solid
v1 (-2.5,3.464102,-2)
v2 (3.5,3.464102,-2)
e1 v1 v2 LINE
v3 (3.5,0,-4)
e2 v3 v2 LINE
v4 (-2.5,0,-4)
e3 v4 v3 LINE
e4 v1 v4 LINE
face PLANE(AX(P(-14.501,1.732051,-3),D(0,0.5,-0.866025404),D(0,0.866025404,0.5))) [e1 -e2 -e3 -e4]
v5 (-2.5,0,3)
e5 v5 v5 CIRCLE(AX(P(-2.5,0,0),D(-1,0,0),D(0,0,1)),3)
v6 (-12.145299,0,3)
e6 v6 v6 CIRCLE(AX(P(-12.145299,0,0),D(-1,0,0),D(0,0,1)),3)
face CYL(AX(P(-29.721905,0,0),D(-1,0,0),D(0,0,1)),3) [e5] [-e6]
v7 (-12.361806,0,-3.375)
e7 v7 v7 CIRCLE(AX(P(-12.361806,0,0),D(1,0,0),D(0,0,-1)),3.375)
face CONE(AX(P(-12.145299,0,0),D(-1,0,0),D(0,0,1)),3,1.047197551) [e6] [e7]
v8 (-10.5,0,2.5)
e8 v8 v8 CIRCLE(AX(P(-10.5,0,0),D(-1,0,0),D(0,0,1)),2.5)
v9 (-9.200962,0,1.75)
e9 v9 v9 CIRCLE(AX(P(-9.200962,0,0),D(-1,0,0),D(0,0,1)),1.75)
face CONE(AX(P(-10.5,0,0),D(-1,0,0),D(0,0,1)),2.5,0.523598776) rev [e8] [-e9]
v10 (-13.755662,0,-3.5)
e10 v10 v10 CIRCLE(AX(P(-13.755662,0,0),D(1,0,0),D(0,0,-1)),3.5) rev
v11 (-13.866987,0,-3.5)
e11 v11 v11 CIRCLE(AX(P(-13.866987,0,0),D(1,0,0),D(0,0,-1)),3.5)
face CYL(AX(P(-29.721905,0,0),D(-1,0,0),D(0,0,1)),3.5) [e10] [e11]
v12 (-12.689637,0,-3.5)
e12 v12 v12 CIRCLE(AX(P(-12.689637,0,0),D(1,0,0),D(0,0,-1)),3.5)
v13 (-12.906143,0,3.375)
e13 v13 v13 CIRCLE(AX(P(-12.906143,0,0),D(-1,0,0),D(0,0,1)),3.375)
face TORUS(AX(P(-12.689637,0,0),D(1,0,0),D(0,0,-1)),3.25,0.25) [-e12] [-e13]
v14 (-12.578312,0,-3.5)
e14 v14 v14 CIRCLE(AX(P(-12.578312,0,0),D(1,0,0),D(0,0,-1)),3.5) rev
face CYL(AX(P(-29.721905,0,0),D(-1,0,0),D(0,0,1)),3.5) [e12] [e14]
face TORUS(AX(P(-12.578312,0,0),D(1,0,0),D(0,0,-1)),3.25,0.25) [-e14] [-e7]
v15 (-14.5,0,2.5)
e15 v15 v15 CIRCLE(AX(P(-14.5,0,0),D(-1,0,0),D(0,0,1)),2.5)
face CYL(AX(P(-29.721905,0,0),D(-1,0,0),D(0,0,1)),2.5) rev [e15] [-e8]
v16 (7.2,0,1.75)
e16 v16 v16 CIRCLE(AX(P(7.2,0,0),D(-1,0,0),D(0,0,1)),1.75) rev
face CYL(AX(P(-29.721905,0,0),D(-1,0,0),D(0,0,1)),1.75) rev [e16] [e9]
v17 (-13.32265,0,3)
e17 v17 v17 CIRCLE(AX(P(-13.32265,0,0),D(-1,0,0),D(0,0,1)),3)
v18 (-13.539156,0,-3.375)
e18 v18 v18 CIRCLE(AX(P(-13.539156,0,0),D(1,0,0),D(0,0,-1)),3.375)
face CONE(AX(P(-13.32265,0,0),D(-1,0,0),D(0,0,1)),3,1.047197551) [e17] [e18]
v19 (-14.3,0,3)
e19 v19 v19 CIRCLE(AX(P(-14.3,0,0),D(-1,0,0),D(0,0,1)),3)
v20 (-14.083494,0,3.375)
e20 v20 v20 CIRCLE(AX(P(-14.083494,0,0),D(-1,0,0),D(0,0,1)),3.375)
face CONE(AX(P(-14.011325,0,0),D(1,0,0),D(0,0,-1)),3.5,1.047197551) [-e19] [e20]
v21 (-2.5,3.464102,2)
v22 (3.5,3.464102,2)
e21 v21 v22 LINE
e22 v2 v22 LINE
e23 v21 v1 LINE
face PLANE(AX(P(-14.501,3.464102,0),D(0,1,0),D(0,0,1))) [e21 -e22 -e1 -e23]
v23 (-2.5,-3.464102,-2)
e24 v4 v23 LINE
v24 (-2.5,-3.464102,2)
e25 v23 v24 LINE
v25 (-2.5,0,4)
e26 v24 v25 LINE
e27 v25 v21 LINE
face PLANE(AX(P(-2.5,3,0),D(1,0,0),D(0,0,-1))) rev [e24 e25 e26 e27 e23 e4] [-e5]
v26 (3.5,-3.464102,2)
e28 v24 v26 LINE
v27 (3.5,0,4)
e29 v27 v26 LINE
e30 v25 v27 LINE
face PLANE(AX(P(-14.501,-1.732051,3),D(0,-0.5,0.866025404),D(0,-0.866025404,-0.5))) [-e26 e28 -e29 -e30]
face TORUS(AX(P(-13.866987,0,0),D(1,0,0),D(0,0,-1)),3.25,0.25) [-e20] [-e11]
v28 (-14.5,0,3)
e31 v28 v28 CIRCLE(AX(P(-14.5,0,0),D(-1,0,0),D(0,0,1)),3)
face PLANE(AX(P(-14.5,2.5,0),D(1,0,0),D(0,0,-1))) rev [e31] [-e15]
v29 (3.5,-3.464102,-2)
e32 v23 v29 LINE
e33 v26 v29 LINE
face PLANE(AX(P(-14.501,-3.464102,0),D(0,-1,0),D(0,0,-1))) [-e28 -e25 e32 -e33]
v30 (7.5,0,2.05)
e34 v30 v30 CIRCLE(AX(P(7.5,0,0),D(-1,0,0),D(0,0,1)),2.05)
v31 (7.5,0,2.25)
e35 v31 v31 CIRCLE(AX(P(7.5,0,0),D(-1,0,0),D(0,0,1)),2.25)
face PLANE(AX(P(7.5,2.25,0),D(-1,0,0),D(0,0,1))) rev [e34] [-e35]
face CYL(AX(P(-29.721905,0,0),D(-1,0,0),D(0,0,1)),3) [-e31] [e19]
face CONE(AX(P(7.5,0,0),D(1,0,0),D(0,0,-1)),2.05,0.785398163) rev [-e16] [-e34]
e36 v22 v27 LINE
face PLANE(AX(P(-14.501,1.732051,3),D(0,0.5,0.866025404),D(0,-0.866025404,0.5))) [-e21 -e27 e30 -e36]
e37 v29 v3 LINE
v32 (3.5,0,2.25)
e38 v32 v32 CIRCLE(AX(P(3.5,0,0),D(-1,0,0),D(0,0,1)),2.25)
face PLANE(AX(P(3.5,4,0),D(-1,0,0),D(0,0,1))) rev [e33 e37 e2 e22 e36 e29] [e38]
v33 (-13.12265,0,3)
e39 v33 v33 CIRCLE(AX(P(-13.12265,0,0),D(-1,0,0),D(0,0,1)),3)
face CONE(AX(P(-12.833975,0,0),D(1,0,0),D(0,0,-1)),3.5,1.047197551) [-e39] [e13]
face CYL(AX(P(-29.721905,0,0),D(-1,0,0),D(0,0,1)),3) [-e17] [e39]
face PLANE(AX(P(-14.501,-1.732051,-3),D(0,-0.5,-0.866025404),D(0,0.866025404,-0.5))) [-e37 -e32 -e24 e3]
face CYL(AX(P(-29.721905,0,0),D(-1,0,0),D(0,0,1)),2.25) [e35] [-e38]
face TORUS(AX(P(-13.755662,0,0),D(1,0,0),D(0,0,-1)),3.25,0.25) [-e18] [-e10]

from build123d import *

# Parameters (mm, degrees)
CORTE_EXTRUS_O1_REACH = 20
FILETE1_R             = 0.25
FILETE2_R             = 0.25
CHANFRO1_SIZE         = 0.3


with BuildPart() as part:
    # Esboço1 → Revolução1 (revolve)
    with BuildSketch(Plane.XY):
        Polygon((-13.322649731, 3), (-13.122649731, 3), (-12.833974596, 3.5), (-12.433974596, 3.5), (-12.145299462, 3), (-2.5, 3), (-2.5, 4), (3.5, 4), (3.5, 2.25), (7.5, 2.25), (7.5, 1.75), (-9.200961894, 1.75), (-10.5, 2.5), (-14.5, 2.5), (-14.5, 3), (-14.3, 3), (-14.011324865, 3.5), (-13.611324865, 3.5), align=None)
    revolve(axis=Axis((-29.721905334, 0, 0), (1, 0, 0)))

    # Esboço2 → Corte-extrusão1 (cut, up to next)
    with BuildSketch(Plane(origin=(3.5, 0, 0), x_dir=(0, 0, -1), z_dir=(1, 0, 0)), mode=Mode.PRIVATE) as corte_extrus_o1_sk1:
        with BuildLine():
            Line((-2, 3.464101615), (2, 3.464101615))
            ThreePointArc((2, 3.464101615), (0, 4), (-2, 3.464101615))
        make_face()
    corte_extrus_o1_tool1 = extrude(corte_extrus_o1_sk1.sketch, amount=-CORTE_EXTRUS_O1_REACH, mode=Mode.PRIVATE) & part.part
    add(corte_extrus_o1_tool1.solids().sort_by_distance((3.5, 3.679741, 0))[0], mode=Mode.SUBTRACT)
    # Esboço2 → Corte-extrusão1 (cut, up to next)
    with BuildSketch(Plane(origin=(3.5, 0, 0), x_dir=(0, 0, -1), z_dir=(1, 0, 0)), mode=Mode.PRIVATE) as corte_extrus_o1_sk2:
        with BuildLine():
            Line((-4, 0), (-2, 3.464101615))
            ThreePointArc((-2, 3.464101615), (-3.464101615, 2), (-4, 0))
        make_face()
    corte_extrus_o1_tool2 = extrude(corte_extrus_o1_sk2.sketch, amount=-CORTE_EXTRUS_O1_REACH, mode=Mode.PRIVATE) & part.part
    add(corte_extrus_o1_tool2.solids().sort_by_distance((3.5, 1.839871, 3.18675))[0], mode=Mode.SUBTRACT)
    # Esboço2 → Corte-extrusão1 (cut, up to next)
    with BuildSketch(Plane(origin=(3.5, 0, 0), x_dir=(0, 0, -1), z_dir=(1, 0, 0)), mode=Mode.PRIVATE) as corte_extrus_o1_sk3:
        with BuildLine():
            ThreePointArc((-4, 0), (-3.464101615, -2), (-2, -3.464101615))
            Line((-2, -3.464101615), (-4, 0))
        make_face()
    corte_extrus_o1_tool3 = extrude(corte_extrus_o1_sk3.sketch, amount=-CORTE_EXTRUS_O1_REACH, mode=Mode.PRIVATE) & part.part
    add(corte_extrus_o1_tool3.solids().sort_by_distance((3.5, -1.839871, 3.18675))[0], mode=Mode.SUBTRACT)
    # Esboço2 → Corte-extrusão1 (cut, up to next)
    with BuildSketch(Plane(origin=(3.5, 0, 0), x_dir=(0, 0, -1), z_dir=(1, 0, 0)), mode=Mode.PRIVATE) as corte_extrus_o1_sk4:
        with BuildLine():
            ThreePointArc((-2, -3.464101615), (0, -4), (2, -3.464101615))
            Line((2, -3.464101615), (-2, -3.464101615))
        make_face()
    corte_extrus_o1_tool4 = extrude(corte_extrus_o1_sk4.sketch, amount=-CORTE_EXTRUS_O1_REACH, mode=Mode.PRIVATE) & part.part
    add(corte_extrus_o1_tool4.solids().sort_by_distance((3.5, -3.679741, 0))[0], mode=Mode.SUBTRACT)
    # Esboço2 → Corte-extrusão1 (cut, up to next)
    with BuildSketch(Plane(origin=(3.5, 0, 0), x_dir=(0, 0, -1), z_dir=(1, 0, 0)), mode=Mode.PRIVATE) as corte_extrus_o1_sk5:
        with BuildLine():
            ThreePointArc((2, -3.464101615), (3.464101615, -2), (4, 0))
            Line((4, 0), (2, -3.464101615))
        make_face()
    corte_extrus_o1_tool5 = extrude(corte_extrus_o1_sk5.sketch, amount=-CORTE_EXTRUS_O1_REACH, mode=Mode.PRIVATE) & part.part
    add(corte_extrus_o1_tool5.solids().sort_by_distance((3.5, -1.839871, -3.18675))[0], mode=Mode.SUBTRACT)
    # Esboço2 → Corte-extrusão1 (cut, up to next)
    with BuildSketch(Plane(origin=(3.5, 0, 0), x_dir=(0, 0, -1), z_dir=(1, 0, 0)), mode=Mode.PRIVATE) as corte_extrus_o1_sk6:
        with BuildLine():
            Line((2, 3.464101615), (4, 0))
            ThreePointArc((4, 0), (3.464101615, 2), (2, 3.464101615))
        make_face()
    corte_extrus_o1_tool6 = extrude(corte_extrus_o1_sk6.sketch, amount=-CORTE_EXTRUS_O1_REACH, mode=Mode.PRIVATE) & part.part
    add(corte_extrus_o1_tool6.solids().sort_by_distance((3.5, 1.839871, -3.18675))[0], mode=Mode.SUBTRACT)

    # Filete1
    filete1_edges = [part.edges().sort_by_distance(p)[0] for p in [
        (-14.011324865, -3.5, 0),
        (-13.611324865, -3.5, 0),
    ]]
    fillet(filete1_edges, radius=FILETE1_R)

    # Filete2
    filete2_edges = [part.edges().sort_by_distance(p)[0] for p in [
        (-12.833974596, -3.5, 0),
        (-12.433974596, -3.5, 0),
    ]]
    fillet(filete2_edges, radius=FILETE2_R)

    # Chanfro1
    chanfro1_edges = [part.edges().sort_by_distance(p)[0] for p in [
        (7.5, -1.75, 0),
    ]]
    chamfer(chanfro1_edges, length=CHANFRO1_SIZE)


solid = part.part
